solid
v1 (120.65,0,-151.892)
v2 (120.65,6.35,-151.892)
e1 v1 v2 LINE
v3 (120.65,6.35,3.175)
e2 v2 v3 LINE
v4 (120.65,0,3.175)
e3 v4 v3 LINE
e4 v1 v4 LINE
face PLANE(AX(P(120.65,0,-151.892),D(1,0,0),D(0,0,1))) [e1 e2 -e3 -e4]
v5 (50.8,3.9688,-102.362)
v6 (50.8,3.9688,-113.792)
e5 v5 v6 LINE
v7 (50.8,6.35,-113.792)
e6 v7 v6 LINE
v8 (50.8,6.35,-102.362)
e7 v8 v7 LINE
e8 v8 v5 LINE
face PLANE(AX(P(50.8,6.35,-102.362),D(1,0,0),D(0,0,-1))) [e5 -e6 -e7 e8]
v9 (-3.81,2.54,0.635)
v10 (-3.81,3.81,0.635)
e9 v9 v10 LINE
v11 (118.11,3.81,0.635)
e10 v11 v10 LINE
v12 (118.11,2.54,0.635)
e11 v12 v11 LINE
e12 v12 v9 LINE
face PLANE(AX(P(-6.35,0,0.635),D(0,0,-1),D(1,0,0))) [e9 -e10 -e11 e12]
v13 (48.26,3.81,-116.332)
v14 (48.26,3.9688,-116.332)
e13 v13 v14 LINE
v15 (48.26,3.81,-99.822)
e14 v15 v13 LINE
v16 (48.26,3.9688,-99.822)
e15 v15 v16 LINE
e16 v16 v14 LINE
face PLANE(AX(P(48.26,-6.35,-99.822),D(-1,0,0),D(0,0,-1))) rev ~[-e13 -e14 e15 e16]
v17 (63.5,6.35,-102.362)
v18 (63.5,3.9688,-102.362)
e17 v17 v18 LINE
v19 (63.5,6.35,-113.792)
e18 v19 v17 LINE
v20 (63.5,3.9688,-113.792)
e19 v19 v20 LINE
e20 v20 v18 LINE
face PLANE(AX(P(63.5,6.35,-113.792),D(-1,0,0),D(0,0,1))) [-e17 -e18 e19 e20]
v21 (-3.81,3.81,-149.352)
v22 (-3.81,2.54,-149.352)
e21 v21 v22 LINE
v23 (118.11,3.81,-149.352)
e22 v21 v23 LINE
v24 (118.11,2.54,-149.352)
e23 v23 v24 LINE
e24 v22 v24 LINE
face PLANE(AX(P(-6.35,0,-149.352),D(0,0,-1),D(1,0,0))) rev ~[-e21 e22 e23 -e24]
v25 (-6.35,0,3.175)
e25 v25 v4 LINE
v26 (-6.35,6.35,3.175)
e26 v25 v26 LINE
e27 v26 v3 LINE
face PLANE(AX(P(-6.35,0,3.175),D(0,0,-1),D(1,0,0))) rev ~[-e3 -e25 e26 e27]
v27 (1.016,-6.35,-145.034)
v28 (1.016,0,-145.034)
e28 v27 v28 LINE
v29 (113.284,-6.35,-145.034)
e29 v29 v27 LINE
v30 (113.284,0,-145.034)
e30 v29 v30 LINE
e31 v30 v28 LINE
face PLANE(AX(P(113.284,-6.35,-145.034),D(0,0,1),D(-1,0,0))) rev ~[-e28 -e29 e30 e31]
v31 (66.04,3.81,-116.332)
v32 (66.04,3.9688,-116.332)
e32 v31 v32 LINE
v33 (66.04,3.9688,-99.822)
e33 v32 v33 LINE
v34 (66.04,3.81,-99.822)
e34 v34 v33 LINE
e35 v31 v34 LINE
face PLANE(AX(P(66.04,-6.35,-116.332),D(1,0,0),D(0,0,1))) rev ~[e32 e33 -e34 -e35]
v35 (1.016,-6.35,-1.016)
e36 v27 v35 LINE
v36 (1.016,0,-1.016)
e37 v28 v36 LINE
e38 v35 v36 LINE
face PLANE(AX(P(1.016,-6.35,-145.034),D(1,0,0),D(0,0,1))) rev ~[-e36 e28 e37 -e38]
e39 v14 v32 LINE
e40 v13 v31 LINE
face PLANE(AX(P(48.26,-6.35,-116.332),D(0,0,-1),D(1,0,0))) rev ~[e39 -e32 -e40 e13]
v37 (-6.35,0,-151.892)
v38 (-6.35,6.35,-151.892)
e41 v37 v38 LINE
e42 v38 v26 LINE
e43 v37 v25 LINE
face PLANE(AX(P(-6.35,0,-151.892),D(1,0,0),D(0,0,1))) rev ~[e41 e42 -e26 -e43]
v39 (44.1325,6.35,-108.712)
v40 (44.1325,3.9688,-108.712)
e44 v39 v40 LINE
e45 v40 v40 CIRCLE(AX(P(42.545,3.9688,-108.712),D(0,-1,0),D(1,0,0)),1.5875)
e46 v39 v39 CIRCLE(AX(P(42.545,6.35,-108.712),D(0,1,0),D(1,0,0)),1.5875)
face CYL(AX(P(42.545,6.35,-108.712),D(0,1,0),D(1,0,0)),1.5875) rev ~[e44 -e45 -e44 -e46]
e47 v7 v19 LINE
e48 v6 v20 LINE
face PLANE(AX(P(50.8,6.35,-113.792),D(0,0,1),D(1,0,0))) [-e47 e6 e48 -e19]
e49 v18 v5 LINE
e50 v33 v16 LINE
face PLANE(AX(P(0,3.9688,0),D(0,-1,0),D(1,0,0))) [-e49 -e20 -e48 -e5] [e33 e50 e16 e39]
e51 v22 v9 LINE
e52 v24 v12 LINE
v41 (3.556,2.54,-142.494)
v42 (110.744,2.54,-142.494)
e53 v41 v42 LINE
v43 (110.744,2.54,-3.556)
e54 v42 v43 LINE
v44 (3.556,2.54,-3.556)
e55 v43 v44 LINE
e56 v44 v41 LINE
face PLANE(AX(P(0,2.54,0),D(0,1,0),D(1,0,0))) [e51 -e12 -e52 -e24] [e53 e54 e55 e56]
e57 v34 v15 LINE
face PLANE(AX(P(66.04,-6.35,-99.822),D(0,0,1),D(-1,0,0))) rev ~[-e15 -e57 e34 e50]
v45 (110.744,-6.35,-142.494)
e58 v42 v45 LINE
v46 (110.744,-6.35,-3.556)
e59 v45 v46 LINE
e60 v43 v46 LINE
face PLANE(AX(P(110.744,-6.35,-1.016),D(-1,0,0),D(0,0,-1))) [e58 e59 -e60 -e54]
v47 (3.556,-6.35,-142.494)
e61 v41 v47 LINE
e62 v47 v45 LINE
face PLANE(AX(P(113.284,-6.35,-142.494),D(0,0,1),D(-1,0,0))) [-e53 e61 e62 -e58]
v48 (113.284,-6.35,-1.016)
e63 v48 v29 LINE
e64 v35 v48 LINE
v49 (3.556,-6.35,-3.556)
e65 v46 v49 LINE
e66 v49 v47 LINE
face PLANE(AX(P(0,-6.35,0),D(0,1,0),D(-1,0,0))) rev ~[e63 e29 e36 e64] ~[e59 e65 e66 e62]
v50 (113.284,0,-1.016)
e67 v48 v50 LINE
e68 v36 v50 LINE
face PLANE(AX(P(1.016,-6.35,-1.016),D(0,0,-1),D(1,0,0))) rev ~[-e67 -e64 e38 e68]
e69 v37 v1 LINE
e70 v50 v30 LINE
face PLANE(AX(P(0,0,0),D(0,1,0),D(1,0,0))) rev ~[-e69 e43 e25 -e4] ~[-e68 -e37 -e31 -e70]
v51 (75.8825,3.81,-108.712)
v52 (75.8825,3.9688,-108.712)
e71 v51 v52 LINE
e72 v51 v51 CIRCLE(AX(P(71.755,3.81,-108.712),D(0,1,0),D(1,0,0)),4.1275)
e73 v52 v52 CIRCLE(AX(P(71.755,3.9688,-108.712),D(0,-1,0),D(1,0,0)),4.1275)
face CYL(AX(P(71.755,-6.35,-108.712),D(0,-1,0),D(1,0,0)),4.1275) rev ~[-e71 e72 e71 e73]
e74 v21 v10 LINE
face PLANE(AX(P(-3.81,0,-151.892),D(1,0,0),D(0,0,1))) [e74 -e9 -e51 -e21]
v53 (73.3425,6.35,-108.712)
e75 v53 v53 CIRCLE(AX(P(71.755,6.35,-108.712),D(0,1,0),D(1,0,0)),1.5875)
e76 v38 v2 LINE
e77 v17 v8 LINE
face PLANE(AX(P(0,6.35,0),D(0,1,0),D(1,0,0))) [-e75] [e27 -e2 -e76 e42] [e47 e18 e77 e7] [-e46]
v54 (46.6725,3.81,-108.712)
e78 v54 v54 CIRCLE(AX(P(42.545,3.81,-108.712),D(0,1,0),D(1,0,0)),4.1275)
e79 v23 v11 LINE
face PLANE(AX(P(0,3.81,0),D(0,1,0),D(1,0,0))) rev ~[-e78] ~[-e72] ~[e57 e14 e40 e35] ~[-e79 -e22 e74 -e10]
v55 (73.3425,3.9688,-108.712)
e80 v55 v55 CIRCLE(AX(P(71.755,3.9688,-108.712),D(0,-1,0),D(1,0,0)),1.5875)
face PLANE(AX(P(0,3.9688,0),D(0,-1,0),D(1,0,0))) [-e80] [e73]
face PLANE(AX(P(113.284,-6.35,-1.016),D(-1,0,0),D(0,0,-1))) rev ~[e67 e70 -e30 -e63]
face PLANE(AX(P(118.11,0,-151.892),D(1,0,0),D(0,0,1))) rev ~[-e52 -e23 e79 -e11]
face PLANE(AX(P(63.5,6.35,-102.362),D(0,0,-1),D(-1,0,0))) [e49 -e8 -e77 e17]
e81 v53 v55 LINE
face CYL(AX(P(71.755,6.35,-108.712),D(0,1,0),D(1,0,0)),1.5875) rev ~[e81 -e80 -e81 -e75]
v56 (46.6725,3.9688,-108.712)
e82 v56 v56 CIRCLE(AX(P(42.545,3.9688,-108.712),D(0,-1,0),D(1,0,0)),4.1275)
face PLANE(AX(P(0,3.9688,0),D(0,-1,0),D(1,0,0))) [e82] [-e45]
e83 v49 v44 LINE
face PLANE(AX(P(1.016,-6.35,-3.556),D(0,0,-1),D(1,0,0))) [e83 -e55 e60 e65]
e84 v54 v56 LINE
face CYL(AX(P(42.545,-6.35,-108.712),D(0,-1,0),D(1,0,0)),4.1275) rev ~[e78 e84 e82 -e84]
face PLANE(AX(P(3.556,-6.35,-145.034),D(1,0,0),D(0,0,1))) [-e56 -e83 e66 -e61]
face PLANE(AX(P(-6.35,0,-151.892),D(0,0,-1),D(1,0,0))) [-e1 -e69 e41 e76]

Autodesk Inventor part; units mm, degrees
ref_plane "YZ Plane" through (0, 0, 0) normal (1, 0, 0) x (0, 1, 0)
ref_plane "XZ Plane" through (0, 0, 0) normal (0, 1, 0) x (-1, 0, 0)
ref_plane "XY Plane" through (0, 0, 0) normal (0, 0, 1) x (1, 0, 0)
sketch "Sketch1" plane through (0, 0, 0) normal (0, 1, 0) x (-1, 0, 0)
  line L0 (0, 0) -> (-114.3, 0)
  line L1 (-114.3, 0) -> (-114.3, -146.05)
  line L2 (-114.3, -146.05) -> (0, -146.05)
  line L3 (0, -146.05) -> (0, 0)
  dimension "d0" = 114.3
  dimension "d1" = 146.05
extrude "Extrusion1" add sketch "Sketch1" against normal blind 6.35
sketch "Sketch2" plane through (0, 0, 0) normal (0, 1, 0) x (1, 0, 0)
  line L0 (-6.35, 151.892) -> (-6.35, -3.175)
  line L1 (0, 146.05) -> (0, 0) projected
  line L2 (-6.35, 151.892) -> (120.65, 151.892)
  line L3 (114.3, 146.05) -> (0, 146.05) projected
  line L4 (120.65, 151.892) -> (120.65, -3.175)
  line L5 (114.3, 0) -> (114.3, 146.05) projected
  line L6 (-6.35, -3.175) -> (120.65, -3.175)
  line L7 (0, 0) -> (114.3, 0) projected
  dimension "d5" = 6.35
  dimension "d6" = 5.842
  dimension "d7" = 6.35
  dimension "d8" = 3.175
extrude "Extrusion2" add sketch "Sketch2" along normal blind 6.35 contours L2 L4 L6 L0 | L3 L5 L7 L1
sketch "Sketch3" plane through (0, 6.35, 0) normal (0, 1, 0) x (1, 0, 0)
  line L0 (50.8, 113.792) -> (63.5, 113.792)
  line L1 (63.5, 113.792) -> (63.5, 102.362)
  line L2 (63.5, 102.362) -> (50.8, 102.362)
  line L3 (50.8, 102.362) -> (50.8, 113.792)
  circle A0 centre (42.545, 108.712) radius 1.5875
  circle A1 centre (71.755, 108.712) radius 1.5875
  line L4 (120.65, 151.892) -> (-6.35, 151.892) projected
  line L5 (-6.35, 151.892) -> (-6.35, -3.175) projected
  point P0 (0, 0)
  dimension "d11" = 12.7
  dimension "d12" = 11.43
  dimension "d13" = 3.175
  dimension "d14" = 3.175
  dimension "d15" = 8.255
  dimension "d16" = 8.255
  dimension "d19" = 38.1
  dimension "d20" = 57.15
  dimension "d21" = 6.35
  dimension "d22" = 6.35
extrude "Extrusion3" cut sketch "Sketch3" against normal blind 25.4
sketch "Sketch4" plane through (0, -6.35, 0) normal (0, -1, 0) x (1, 0, 0)
  line L0 (0, 0) -> (114.3, 0)
  line L1 (114.3, 0) -> (114.3, -146.05)
  line L2 (114.3, -146.05) -> (0, -146.05)
  line L3 (0, -146.05) -> (0, 0)
  line L4 (1.016, -1.016) -> (113.284, -1.016)
  line L5 (113.284, -1.016) -> (113.284, -145.034)
  line L6 (113.284, -145.034) -> (1.016, -145.034)
  line L7 (1.016, -145.034) -> (1.016, -1.016)
  dimension "d27" = 1.016
extrude "Extrusion4" cut sketch "Sketch4" against normal blind 6.35
shell "Shell1" thickness 2.54 removed faces 1 at (59.2667, -6.35, -34.798)
sketch "Sketch5" plane through (0, -6.35, 0) normal (0, -1, 0) x (1, 0, 0)
  circle A0 centre (71.755, -108.712) radius 1.5875 projected
  circle A1 centre (71.755, -108.712) radius 4.1275
  circle A2 centre (42.545, -108.712) radius 1.5875 projected
  circle A3 centre (42.545, -108.712) radius 4.1275
  line L0 (66.04, -99.822) -> (48.26, -99.822)
  line L1 (48.26, -99.822) -> (48.26, -116.332)
  line L2 (48.26, -116.332) -> (66.04, -116.332)
  line L3 (66.04, -116.332) -> (66.04, -99.822)
  point P0 (0, 0)
extrude "Extrusion5" cut sketch "Sketch5" against normal blind 10.3188
properties part number "button_angle_top"
